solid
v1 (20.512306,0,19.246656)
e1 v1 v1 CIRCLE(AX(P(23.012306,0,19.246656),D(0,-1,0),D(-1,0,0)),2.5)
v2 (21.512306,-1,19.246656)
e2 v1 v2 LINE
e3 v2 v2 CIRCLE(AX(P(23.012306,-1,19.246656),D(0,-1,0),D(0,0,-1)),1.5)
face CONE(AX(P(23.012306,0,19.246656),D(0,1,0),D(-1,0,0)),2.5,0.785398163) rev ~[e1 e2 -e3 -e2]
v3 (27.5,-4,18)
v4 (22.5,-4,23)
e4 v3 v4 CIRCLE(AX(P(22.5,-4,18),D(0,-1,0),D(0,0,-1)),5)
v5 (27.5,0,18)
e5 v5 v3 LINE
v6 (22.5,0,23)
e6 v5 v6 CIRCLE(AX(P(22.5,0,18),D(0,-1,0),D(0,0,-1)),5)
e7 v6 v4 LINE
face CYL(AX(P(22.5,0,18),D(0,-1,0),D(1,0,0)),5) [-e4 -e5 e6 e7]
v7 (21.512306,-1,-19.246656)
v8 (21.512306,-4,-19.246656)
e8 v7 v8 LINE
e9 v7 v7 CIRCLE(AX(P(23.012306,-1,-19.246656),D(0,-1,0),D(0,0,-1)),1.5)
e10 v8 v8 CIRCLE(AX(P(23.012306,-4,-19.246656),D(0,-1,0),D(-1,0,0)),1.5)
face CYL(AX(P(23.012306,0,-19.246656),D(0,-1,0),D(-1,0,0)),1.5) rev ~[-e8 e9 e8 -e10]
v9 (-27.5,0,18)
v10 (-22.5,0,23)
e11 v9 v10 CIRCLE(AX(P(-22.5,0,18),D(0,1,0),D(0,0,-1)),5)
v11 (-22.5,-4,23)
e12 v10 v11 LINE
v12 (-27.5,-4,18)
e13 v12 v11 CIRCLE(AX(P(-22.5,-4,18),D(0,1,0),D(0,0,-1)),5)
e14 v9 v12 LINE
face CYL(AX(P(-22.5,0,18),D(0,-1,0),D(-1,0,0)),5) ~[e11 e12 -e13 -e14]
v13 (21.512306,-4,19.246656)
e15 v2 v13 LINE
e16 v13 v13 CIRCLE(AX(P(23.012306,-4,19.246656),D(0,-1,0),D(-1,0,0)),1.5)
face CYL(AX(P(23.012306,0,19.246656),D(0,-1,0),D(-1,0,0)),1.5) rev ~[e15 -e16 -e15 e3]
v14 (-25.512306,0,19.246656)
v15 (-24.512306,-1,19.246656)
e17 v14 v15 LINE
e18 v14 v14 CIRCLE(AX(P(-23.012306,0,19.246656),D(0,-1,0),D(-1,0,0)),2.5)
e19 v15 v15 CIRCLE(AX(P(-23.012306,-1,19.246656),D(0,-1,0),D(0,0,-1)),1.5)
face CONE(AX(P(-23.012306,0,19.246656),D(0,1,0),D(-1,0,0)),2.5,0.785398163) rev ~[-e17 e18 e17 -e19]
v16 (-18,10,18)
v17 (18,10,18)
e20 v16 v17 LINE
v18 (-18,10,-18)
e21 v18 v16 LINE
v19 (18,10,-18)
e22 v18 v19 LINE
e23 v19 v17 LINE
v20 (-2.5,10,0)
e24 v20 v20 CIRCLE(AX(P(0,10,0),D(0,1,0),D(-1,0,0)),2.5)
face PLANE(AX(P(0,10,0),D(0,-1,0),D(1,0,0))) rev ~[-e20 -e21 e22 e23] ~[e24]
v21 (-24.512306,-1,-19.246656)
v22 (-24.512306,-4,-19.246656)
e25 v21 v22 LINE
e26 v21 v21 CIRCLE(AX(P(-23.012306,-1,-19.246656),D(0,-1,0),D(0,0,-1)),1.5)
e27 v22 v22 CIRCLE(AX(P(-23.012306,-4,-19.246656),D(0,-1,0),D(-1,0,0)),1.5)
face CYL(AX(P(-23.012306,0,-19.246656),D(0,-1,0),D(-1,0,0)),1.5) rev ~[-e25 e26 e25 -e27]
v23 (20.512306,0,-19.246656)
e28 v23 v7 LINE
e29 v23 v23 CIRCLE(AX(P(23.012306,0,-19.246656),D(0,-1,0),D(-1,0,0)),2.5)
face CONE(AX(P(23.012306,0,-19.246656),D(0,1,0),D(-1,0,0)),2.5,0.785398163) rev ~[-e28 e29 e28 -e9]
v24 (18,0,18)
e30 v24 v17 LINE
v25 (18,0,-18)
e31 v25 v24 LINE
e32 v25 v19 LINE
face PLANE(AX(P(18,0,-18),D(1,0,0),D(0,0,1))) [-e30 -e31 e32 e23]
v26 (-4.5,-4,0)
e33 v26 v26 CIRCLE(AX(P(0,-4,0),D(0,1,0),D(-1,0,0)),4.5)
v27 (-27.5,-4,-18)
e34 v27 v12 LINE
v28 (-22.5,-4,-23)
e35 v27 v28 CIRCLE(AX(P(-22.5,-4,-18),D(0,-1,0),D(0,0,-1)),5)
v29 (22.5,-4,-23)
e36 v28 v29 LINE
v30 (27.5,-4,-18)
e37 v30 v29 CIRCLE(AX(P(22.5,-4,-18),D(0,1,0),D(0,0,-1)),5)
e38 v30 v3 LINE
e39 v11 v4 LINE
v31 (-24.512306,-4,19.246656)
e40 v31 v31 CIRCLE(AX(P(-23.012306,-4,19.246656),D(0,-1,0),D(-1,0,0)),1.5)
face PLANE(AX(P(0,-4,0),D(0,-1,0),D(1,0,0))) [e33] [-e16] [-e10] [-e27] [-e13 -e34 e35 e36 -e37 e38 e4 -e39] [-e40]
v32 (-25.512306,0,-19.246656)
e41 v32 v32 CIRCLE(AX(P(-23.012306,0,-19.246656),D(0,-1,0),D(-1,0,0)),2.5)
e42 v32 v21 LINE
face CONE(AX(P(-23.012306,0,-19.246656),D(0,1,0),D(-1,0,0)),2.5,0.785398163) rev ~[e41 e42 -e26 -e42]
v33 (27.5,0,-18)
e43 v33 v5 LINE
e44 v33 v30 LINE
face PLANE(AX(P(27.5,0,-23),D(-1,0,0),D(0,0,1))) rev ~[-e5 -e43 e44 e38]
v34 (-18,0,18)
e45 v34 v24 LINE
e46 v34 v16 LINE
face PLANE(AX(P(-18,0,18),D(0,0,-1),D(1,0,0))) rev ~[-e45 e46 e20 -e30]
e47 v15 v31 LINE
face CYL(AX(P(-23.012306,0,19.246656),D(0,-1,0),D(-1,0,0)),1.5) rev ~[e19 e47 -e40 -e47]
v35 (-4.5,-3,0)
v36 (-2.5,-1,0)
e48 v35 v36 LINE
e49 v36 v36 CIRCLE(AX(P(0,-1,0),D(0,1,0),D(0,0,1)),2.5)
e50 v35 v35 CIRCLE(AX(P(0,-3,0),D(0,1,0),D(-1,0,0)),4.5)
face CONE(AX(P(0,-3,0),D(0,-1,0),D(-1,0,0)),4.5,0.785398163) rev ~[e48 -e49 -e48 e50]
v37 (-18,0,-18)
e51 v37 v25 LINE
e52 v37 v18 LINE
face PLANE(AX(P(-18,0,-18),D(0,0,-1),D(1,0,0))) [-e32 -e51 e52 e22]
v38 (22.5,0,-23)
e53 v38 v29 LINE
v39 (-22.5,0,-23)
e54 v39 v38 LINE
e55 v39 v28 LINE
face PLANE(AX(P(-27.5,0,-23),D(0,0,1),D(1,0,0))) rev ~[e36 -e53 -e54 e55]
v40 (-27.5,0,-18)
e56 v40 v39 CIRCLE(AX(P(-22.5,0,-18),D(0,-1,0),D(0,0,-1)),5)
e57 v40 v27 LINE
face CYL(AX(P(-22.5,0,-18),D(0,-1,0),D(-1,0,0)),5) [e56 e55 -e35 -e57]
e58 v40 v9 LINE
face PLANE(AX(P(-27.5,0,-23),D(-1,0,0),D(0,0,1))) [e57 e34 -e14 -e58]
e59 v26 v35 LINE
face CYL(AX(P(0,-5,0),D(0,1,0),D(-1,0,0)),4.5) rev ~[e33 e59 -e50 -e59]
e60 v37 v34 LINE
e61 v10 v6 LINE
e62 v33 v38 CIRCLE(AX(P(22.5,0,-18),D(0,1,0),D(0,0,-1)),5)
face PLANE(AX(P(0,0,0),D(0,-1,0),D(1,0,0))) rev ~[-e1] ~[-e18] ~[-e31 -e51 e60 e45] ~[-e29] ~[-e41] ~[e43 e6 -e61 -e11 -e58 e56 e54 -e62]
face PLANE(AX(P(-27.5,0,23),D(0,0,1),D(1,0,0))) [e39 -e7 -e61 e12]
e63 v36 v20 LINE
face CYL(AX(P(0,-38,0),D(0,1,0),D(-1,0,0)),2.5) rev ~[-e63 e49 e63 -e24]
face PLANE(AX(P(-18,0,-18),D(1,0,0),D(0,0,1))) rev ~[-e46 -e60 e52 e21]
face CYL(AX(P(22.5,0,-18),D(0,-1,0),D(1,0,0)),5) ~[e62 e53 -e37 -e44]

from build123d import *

# Parameters (mm, degrees)
F0_W            = 55
F0_H            = 46
F0_W_2          = 36
F0_H_2          = 36
F1_DEPTH        = 4
F2_DEPTH        = 10
F3_D            = 5
F3_DEPTH        = 38
F8_D            = 9
F8_DEPTH        = 1
F9_D            = 5
F9_DEPTH        = 13
F9_CSINK_D      = 9
F9_CSINK_ANGLE  = 90
F10_D           = 3
F10_DEPTH       = 38
F10_CSINK_D     = 5
F10_CSINK_ANGLE = 90
F11_R           = 5


with BuildPart() as f1:
    # F0 (on Front) → F1 (new body)
    with BuildSketch(Plane.XZ):
        Rectangle(F0_W, F0_H)
        Rectangle(F0_W_2, F0_H_2, mode=Mode.SUBTRACT)
        Rectangle(F0_W_2, F0_H_2)
    extrude(amount=F1_DEPTH)

    # F0 (on Front) → F2 (join)
    with BuildSketch(Plane.XZ):
        Rectangle(F0_W_2, F0_H_2)
    extrude(amount=-F2_DEPTH)

    # F3
    with Locations(Plane.XZ):
        with Locations((0, 0)):
            Hole(F3_D / 2, depth=F3_DEPTH)

    # F8
    with Locations(Plane.XZ.offset(4)):
        with Locations((0, 0)):
            Hole(F8_D / 2, depth=F8_DEPTH)

    # F9
    with Locations(Plane.XZ.offset(3)):
        with Locations((0, 0)):
            CounterSinkHole(F9_D / 2, F9_CSINK_D / 2, depth=F9_DEPTH, counter_sink_angle=F9_CSINK_ANGLE)

    # F10
    with Locations(Plane(origin=(0, 0, 0), x_dir=(1, 0, 0), z_dir=(0, 1, 0))):
        with Locations((-23.012306, -19.246656), (23.012306, -19.246656), (23.012306, 19.246656), (-23.012306, 19.246656)):
            CounterSinkHole(F10_D / 2, F10_CSINK_D / 2, depth=F10_DEPTH, counter_sink_angle=F10_CSINK_ANGLE)

    # F11
    f11_edges = [f1.edges().sort_by_distance(p)[0] for p in [
        (-27.5, -2, 23),
        (27.5, -2, 23),
        (-27.5, -2, -23),
        (27.5, -2, -23),
    ]]
    fillet(f11_edges, radius=F11_R)


solid = f1.part
